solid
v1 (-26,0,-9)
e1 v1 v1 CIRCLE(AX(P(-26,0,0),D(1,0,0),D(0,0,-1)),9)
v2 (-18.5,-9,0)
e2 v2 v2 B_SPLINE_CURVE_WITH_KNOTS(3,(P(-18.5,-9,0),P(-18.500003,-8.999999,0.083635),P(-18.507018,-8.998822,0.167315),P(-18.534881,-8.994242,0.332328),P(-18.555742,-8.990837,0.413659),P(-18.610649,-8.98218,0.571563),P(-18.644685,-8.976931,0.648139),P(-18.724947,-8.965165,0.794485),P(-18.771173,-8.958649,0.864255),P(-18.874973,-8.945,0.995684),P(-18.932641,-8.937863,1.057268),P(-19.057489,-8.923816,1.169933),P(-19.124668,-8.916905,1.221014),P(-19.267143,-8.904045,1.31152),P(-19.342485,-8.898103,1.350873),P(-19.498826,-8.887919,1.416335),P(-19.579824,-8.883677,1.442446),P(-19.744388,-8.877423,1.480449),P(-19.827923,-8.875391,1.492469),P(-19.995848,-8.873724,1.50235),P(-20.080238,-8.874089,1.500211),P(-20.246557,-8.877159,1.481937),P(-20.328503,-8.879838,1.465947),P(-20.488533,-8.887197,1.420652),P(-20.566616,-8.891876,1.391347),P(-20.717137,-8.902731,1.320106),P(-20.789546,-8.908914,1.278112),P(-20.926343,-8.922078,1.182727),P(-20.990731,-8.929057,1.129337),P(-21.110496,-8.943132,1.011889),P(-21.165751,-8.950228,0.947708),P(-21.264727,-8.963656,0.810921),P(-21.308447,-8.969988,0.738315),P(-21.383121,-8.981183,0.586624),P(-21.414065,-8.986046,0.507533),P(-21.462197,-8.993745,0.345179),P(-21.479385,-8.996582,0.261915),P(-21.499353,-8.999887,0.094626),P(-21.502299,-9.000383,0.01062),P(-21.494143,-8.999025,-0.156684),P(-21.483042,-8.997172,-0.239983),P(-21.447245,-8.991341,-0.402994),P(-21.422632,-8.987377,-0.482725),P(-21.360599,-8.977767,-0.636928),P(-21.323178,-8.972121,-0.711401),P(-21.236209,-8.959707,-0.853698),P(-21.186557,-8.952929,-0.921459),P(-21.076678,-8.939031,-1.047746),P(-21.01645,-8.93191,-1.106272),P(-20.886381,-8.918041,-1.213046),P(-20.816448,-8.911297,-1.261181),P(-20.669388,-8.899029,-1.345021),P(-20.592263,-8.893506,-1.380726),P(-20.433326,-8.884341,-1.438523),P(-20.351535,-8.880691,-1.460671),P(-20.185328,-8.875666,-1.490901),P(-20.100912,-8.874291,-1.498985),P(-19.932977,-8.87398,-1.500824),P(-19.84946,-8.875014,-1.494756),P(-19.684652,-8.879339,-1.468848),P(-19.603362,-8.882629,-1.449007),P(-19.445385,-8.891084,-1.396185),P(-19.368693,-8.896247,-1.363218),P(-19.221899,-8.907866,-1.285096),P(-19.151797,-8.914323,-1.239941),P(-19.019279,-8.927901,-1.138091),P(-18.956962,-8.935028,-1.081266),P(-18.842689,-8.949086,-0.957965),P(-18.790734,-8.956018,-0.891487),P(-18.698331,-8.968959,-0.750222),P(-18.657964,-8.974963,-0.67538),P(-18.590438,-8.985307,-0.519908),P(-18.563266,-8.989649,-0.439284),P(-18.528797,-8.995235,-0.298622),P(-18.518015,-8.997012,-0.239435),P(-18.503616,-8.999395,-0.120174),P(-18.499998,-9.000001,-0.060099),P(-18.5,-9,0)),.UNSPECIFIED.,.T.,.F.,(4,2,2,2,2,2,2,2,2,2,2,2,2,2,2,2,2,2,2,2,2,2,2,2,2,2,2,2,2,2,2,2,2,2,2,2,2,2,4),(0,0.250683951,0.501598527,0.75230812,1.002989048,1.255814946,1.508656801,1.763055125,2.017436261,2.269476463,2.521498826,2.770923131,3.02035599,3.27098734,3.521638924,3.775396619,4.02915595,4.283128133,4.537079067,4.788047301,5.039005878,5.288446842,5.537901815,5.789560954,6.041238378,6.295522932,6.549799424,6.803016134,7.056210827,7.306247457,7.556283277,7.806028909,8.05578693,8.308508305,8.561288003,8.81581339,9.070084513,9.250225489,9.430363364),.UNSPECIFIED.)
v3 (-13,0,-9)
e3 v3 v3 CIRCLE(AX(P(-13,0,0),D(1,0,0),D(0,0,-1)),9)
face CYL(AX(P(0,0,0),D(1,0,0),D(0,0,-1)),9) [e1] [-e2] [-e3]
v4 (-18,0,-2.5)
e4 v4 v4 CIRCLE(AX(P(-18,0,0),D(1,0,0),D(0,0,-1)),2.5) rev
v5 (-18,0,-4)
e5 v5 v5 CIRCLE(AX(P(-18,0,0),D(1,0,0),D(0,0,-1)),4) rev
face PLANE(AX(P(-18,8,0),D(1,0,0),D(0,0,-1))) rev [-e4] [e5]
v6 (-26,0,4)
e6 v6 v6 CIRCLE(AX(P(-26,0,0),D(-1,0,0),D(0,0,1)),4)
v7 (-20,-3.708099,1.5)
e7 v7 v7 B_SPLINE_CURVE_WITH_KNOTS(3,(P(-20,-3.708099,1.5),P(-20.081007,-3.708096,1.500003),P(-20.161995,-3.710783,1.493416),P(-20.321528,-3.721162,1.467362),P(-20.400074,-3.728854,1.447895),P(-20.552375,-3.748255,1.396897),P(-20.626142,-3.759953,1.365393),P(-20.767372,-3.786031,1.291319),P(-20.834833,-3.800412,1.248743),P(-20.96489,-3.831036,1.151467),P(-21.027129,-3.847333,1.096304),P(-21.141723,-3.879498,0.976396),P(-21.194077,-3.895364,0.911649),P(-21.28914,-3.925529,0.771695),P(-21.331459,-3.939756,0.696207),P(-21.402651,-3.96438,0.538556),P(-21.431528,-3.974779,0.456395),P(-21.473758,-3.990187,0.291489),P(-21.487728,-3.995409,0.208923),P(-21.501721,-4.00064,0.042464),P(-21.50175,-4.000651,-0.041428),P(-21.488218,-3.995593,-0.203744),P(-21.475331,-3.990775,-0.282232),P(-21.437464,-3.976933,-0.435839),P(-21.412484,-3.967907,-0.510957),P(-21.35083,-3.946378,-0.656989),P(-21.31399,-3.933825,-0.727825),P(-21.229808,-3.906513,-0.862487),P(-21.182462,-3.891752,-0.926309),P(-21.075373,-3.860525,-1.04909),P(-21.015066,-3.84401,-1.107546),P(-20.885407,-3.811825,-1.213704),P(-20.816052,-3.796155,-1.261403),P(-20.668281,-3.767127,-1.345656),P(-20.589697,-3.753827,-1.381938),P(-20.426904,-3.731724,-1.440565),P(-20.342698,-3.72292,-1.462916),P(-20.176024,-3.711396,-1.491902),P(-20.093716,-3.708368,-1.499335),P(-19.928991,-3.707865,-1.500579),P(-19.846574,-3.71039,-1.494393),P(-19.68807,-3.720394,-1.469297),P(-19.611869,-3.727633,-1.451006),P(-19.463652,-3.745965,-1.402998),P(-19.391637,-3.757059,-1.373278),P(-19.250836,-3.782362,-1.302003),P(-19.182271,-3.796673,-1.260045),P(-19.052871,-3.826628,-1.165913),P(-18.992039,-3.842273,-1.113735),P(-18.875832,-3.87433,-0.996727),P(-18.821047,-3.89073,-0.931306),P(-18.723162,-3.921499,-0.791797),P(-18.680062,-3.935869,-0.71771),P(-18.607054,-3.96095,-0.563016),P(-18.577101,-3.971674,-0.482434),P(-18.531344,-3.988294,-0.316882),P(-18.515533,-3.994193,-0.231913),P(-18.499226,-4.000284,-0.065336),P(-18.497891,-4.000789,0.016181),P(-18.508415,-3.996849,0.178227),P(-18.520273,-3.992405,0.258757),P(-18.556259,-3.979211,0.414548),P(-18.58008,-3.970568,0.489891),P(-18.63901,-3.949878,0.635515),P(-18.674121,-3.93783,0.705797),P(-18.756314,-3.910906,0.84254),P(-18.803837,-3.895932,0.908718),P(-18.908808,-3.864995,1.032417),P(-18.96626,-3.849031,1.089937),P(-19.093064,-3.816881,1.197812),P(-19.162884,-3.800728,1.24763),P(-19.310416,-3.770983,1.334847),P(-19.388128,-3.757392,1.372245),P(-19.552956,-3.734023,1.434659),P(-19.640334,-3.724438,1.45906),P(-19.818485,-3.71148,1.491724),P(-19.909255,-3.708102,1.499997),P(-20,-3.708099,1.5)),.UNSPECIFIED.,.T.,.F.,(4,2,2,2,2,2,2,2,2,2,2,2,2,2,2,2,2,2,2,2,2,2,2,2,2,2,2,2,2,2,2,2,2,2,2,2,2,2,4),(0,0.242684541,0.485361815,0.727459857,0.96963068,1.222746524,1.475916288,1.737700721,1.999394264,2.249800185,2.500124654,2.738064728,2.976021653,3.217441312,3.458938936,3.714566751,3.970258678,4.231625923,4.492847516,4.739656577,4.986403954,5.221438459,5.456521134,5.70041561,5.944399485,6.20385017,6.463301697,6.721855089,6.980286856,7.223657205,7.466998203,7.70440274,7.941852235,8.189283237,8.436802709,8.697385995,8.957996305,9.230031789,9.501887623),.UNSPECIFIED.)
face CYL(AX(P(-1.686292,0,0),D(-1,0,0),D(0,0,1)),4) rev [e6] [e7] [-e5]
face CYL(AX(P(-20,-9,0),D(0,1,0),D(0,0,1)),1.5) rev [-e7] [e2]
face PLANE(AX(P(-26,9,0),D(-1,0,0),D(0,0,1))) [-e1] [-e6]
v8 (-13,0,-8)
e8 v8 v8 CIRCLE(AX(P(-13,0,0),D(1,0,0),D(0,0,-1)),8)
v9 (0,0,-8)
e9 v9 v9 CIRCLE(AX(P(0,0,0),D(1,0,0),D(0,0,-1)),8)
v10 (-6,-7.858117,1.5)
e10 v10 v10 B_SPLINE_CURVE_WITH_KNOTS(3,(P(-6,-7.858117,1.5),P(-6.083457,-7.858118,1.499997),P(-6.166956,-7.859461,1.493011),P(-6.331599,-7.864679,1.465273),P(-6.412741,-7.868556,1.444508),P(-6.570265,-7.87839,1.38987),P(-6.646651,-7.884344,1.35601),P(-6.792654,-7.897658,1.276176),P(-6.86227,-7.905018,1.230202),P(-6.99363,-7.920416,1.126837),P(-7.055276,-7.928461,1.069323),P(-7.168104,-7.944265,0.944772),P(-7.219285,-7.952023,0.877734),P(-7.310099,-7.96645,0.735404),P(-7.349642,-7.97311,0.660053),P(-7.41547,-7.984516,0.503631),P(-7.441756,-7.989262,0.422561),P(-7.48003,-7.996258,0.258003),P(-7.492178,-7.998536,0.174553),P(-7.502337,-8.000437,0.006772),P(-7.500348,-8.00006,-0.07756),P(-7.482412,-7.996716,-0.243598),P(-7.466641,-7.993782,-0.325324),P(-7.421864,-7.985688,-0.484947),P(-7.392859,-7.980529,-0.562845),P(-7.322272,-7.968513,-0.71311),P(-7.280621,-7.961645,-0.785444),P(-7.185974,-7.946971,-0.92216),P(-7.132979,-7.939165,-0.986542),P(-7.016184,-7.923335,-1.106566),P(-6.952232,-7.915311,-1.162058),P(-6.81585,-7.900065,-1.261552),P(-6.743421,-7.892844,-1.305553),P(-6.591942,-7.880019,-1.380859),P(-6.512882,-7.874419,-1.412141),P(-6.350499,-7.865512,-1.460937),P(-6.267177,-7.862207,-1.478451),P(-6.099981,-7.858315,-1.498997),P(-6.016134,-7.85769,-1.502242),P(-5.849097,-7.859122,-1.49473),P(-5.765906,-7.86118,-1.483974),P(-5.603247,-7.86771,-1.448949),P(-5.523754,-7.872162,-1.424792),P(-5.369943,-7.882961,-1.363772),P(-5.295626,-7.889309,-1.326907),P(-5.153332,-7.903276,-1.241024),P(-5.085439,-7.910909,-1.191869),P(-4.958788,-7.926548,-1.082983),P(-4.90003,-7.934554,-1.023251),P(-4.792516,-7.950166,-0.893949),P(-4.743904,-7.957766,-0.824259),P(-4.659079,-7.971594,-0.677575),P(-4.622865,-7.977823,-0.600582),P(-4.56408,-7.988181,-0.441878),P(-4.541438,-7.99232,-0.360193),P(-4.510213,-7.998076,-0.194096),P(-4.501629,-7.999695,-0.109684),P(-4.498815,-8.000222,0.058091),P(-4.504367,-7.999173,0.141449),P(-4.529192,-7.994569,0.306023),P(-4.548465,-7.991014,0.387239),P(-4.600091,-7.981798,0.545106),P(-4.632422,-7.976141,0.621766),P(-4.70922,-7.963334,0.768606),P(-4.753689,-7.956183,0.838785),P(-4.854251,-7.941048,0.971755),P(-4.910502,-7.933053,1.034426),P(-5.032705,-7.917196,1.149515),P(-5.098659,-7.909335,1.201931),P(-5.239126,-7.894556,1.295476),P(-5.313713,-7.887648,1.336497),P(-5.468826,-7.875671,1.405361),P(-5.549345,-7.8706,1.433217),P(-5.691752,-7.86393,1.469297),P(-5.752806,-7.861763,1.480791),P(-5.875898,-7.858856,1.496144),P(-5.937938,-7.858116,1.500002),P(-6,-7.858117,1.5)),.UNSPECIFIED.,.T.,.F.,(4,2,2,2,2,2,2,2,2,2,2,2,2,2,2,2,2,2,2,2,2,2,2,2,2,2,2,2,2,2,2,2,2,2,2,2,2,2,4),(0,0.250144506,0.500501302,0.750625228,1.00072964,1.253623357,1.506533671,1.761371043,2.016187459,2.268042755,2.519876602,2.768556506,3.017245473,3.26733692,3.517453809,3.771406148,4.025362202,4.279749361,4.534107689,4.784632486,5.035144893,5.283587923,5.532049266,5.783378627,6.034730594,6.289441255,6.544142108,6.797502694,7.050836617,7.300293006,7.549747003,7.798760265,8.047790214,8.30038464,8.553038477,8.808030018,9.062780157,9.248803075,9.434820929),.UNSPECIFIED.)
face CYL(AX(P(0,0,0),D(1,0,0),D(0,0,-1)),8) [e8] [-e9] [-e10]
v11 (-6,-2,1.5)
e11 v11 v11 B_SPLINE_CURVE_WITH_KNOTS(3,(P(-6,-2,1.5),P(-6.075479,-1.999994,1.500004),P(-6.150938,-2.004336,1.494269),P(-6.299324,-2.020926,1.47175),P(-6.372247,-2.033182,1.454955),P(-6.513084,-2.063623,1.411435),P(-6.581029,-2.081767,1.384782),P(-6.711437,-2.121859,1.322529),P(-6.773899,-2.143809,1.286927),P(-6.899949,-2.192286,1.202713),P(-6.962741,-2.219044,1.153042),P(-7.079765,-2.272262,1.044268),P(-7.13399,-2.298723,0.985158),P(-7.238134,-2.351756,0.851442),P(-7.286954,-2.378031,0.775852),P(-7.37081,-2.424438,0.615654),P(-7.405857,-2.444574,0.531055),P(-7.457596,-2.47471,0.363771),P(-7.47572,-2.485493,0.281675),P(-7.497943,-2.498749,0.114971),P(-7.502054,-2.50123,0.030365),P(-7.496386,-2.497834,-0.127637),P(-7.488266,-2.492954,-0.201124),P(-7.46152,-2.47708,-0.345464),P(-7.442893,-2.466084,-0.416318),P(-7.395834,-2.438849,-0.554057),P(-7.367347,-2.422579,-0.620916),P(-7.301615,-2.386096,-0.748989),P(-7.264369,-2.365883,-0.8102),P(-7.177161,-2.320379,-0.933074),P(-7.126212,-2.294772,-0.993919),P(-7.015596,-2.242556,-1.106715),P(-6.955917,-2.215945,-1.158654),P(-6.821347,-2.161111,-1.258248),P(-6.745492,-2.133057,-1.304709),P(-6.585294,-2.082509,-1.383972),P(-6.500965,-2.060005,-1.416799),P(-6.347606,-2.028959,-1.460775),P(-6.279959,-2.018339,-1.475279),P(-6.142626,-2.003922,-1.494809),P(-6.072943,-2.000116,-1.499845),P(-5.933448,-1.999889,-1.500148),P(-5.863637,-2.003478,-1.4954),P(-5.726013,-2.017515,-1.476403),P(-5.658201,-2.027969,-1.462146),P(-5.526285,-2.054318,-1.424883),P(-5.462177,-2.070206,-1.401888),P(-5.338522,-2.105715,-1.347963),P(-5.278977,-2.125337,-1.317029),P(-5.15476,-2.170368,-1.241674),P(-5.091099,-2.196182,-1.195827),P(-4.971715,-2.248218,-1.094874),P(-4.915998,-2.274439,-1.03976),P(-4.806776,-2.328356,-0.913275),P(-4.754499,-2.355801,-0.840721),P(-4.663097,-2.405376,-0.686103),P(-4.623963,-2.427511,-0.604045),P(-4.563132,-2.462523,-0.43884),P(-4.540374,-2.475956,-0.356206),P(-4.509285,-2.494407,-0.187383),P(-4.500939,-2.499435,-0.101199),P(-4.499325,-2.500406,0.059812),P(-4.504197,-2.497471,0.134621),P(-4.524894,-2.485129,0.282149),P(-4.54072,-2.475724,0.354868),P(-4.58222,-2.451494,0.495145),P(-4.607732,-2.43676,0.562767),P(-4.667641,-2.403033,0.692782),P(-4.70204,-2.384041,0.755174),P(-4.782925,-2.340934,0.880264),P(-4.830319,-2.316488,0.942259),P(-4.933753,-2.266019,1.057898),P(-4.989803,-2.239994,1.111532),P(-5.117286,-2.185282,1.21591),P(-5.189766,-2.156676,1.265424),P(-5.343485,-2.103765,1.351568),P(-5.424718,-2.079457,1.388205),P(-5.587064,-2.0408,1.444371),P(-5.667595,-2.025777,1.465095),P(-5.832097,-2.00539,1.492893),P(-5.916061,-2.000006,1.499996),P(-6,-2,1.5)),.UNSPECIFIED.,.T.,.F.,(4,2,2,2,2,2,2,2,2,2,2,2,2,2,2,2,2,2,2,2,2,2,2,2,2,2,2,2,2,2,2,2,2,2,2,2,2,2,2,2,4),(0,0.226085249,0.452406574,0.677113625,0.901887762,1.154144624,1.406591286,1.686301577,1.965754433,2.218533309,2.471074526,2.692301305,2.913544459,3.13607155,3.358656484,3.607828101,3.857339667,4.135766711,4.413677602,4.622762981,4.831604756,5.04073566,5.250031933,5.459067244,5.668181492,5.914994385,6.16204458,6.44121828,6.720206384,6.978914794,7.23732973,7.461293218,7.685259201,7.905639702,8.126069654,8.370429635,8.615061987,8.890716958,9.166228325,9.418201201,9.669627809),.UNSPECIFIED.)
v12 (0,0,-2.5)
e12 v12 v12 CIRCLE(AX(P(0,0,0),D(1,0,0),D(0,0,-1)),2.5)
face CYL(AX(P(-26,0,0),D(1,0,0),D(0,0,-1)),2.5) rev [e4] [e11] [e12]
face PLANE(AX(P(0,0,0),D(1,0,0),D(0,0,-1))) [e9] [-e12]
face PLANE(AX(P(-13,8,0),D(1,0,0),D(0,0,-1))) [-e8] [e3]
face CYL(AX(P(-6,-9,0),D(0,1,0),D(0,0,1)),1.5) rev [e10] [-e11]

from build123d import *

# Parameters (mm, degrees)
ESQUISSE2_R             = 2.5
ENL_V_MAT_EXTRU_1_DEPTH = 29.948229652
ESQUISSE3_R             = 4
ENL_V_MAT_EXTRU_2_DEPTH = 8
ESQUISSE4_R             = 1.5
ENL_V_MAT_EXTRU_3_DEPTH = 29.948229652


with BuildPart() as part:
    # Esquisse1 → Révolution1 (revolve)
    with BuildSketch(Plane.XY, mode=Mode.PRIVATE) as r_volution1_sk:
        Polygon((0, 0), (0, 8), (-13, 8), (-13, 9), (-26, 9), (-26, 0), align=None)
    revolve(r_volution1_sk.sketch.rotate(Axis((0, 0, 0), (-1, 0, 0)), 90), axis=Axis((0, 0, 0), (-1, 0, 0)))

    # Esquisse2 → Enlèv. mat.-Extru.1 (cut, through all)
    with BuildSketch(Plane(origin=(0, 0, 0), x_dir=(0, 0, -1), z_dir=(1, 0, 0))):
        Circle(ESQUISSE2_R)
    extrude(amount=-ENL_V_MAT_EXTRU_1_DEPTH, mode=Mode.SUBTRACT)

    # Esquisse3 → Enlèv. mat.-Extru.2 (cut)
    with BuildSketch(Plane.ZY.offset(26)):
        Circle(ESQUISSE3_R)
    extrude(amount=-ENL_V_MAT_EXTRU_2_DEPTH, mode=Mode.SUBTRACT)

    # Esquisse4 → Enlèv. mat.-Extru.3 (cut, through all)
    with BuildSketch(Plane(origin=(0, 0, 0), x_dir=(1, 0, 0), z_dir=(0, 1, 0))):
        with Locations(Location((-20, 0, 0), (0, 0, 270))):
            Circle(ESQUISSE4_R)
        with Locations(Location((-6, 0, 0), (0, 0, 270))):
            Circle(ESQUISSE4_R)
    extrude(amount=-ENL_V_MAT_EXTRU_3_DEPTH, mode=Mode.SUBTRACT)


solid = part.part
